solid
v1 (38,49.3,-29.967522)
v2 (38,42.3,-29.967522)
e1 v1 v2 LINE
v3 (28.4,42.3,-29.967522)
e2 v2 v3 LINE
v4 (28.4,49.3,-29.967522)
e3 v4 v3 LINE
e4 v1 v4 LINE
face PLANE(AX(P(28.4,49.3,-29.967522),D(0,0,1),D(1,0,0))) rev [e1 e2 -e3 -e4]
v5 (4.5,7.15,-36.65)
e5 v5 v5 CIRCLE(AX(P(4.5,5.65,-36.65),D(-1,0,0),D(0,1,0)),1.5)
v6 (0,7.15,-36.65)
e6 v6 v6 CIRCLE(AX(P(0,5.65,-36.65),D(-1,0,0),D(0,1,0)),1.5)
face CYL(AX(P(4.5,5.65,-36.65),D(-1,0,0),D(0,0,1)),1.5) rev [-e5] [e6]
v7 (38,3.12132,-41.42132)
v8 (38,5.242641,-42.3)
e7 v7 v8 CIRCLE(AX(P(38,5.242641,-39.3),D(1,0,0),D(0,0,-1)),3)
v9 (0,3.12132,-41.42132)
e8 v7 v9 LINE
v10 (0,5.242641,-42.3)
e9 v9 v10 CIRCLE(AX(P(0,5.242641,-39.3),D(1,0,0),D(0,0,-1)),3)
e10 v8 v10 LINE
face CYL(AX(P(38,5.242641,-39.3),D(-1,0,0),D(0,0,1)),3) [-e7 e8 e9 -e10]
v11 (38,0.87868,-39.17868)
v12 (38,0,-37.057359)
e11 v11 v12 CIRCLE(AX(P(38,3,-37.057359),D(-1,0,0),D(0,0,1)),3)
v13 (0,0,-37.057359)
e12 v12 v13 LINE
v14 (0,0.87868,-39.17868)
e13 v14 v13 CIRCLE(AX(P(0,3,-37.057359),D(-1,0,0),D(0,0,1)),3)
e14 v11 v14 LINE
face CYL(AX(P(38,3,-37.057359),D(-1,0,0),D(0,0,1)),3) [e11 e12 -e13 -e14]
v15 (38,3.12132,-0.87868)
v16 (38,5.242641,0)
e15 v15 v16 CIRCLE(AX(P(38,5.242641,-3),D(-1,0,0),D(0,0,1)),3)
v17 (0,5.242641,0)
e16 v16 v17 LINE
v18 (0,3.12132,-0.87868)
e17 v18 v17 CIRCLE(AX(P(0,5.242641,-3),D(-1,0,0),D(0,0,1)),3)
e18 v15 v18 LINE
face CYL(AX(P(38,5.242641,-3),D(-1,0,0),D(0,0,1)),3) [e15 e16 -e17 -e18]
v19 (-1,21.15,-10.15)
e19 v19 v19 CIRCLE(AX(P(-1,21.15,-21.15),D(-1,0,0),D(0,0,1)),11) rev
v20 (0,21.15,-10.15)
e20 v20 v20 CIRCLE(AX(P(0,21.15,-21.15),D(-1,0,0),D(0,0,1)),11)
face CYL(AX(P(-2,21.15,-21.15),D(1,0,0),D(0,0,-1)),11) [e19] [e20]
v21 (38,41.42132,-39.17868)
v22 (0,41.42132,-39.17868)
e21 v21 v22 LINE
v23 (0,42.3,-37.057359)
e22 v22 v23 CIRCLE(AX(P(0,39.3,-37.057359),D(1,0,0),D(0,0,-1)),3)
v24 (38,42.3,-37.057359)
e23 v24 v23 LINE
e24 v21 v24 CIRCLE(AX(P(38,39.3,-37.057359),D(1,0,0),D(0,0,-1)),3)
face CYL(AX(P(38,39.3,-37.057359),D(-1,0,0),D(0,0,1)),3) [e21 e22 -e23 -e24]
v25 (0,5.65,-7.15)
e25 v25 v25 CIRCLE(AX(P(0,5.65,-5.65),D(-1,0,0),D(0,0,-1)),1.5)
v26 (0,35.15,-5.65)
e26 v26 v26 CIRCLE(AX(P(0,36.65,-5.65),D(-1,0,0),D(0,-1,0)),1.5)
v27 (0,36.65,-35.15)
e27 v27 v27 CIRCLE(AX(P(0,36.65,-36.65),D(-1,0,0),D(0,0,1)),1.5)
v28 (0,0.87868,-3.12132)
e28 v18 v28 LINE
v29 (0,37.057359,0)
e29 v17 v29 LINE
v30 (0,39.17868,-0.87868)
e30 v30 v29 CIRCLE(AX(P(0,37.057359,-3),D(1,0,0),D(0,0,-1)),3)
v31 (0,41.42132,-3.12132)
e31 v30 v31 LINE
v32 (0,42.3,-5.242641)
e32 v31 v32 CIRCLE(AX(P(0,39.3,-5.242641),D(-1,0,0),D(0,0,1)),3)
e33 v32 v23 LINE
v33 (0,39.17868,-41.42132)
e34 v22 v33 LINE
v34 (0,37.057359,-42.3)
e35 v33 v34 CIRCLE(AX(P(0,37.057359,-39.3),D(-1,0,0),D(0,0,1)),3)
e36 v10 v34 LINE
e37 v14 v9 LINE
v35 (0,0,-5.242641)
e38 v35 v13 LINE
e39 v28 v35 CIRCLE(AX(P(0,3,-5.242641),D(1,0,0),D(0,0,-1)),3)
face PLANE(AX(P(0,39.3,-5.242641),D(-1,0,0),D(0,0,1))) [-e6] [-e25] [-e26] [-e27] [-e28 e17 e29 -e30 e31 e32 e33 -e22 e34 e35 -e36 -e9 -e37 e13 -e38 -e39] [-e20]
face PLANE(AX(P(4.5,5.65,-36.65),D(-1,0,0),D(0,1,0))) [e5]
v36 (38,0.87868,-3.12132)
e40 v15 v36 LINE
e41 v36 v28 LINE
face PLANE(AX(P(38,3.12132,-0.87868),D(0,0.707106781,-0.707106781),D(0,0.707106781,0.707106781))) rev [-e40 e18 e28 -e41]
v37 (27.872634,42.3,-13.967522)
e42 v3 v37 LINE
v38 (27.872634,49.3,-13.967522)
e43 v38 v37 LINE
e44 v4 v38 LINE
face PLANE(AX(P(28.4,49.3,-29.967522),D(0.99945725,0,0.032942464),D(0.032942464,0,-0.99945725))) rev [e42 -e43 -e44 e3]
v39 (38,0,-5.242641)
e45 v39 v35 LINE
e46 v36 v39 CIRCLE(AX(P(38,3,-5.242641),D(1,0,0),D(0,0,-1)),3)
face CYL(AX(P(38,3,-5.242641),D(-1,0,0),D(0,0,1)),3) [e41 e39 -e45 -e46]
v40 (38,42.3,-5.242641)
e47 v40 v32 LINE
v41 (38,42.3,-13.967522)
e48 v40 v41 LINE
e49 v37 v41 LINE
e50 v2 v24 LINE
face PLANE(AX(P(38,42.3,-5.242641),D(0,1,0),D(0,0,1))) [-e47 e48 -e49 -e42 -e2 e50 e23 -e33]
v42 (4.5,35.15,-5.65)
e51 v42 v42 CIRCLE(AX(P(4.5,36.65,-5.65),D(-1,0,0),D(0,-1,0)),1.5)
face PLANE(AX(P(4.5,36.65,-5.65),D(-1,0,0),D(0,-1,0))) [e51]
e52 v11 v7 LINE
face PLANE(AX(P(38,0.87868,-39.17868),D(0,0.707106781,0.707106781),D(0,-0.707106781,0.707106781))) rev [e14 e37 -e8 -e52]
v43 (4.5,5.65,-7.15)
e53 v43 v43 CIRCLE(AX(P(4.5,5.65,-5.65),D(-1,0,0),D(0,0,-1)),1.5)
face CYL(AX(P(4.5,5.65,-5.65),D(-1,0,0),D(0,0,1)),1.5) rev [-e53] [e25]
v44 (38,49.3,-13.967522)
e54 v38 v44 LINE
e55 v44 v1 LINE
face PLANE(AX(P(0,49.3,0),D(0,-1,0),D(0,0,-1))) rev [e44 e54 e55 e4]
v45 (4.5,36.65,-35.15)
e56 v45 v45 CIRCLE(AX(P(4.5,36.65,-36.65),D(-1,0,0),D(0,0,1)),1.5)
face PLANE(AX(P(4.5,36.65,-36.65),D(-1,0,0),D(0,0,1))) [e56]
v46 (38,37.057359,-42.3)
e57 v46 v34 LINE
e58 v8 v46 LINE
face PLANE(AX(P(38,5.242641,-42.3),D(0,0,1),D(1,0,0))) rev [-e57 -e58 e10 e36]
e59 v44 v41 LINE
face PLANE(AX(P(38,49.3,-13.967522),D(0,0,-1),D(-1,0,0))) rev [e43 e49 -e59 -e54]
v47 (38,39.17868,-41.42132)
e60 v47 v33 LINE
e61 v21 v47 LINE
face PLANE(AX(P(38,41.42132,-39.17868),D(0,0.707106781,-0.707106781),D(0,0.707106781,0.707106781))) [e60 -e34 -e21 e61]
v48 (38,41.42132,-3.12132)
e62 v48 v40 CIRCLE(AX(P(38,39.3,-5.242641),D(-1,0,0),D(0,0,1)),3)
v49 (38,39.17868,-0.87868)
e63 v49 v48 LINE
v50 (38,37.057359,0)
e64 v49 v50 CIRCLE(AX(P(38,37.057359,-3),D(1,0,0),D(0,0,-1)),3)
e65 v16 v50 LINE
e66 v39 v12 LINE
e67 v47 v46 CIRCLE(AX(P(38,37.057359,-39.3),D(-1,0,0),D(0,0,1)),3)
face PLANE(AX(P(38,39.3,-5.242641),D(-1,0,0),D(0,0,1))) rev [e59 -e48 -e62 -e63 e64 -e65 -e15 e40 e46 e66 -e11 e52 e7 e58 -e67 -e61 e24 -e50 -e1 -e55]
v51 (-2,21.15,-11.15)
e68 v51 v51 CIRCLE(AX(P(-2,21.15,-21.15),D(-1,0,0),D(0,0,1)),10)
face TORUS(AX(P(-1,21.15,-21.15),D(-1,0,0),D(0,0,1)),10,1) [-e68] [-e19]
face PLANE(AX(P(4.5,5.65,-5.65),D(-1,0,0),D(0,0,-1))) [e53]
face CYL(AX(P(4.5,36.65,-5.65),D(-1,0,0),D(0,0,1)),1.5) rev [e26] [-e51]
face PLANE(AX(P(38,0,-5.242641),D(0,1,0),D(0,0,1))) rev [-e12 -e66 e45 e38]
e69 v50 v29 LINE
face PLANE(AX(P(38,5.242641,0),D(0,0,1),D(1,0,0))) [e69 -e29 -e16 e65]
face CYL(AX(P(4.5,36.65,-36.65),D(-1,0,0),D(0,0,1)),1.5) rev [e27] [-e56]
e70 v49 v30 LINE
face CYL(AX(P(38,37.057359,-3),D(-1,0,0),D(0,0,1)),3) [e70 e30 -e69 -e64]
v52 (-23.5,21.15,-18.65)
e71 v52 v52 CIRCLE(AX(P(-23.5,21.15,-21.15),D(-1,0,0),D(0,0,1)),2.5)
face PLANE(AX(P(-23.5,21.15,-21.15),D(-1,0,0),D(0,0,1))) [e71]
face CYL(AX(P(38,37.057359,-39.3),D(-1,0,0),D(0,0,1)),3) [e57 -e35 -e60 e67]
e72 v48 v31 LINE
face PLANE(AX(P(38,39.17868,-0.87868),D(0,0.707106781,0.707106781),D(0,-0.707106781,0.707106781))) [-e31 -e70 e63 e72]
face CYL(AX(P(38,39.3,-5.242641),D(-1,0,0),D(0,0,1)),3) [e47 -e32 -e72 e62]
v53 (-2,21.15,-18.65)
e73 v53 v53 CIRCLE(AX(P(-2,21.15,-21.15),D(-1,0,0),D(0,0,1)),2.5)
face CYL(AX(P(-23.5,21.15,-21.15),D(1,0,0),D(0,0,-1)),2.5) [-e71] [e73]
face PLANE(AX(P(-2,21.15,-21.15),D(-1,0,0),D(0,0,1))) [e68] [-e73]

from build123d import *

# Parameters (mm, degrees)
EXTRUDE_2_DEPTH          = 38
SKETCH_2_R               = 11
EXTRUDE_3_DEPTH          = 2
FILLET_1_R               = 1
SKETCH_3_R               = 2.5
EXTRUDE_4_DEPTH          = 21.5
SKETCH_4_R               = 1.5
CUT_EXTRUDE_1_DEPTH      = 4.5
PATTERN_CIRCULAR_1_COUNT = 4
EXTRUDE_5_DEPTH          = 7


with BuildPart() as part:
    # 草图1 → 凸台-拉伸2 (new body)
    with BuildSketch(Plane(origin=(0, 0, 0), x_dir=(0, 0, -1), z_dir=(1, 0, 0))):
        with BuildLine():
            Line((0.878679656, 39.178679656), (3.121320344, 41.421320344))
            ThreePointArc((3.121320344, 41.421320344), (4.09459039, 42.071638598), (5.242640687, 42.3))
            Line((5.242640687, 42.3), (37.057359313, 42.3))
            ThreePointArc((37.057359313, 42.3), (38.20540961, 42.071638598), (39.178679656, 41.421320344))
            Line((39.178679656, 41.421320344), (41.421320344, 39.178679656))
            ThreePointArc((41.421320344, 39.178679656), (42.071638598, 38.20540961), (42.3, 37.057359313))
            Line((42.3, 37.057359313), (42.3, 5.242640687))
            ThreePointArc((42.3, 5.242640687), (42.071638598, 4.09459039), (41.421320344, 3.121320344))
            Line((41.421320344, 3.121320344), (39.178679656, 0.878679656))
            ThreePointArc((39.178679656, 0.878679656), (38.20540961, 0.228361402), (37.057359313, 0))
            Line((37.057359313, 0), (5.242640687, 0))
            ThreePointArc((5.242640687, 0), (4.09459039, 0.228361402), (3.121320344, 0.878679656))
            Line((3.121320344, 0.878679656), (0.878679656, 3.121320344))
            ThreePointArc((0.878679656, 3.121320344), (0.228361402, 4.09459039), (0, 5.242640687))
            Line((0, 5.242640687), (0, 37.057359313))
            ThreePointArc((0, 37.057359313), (0.228361402, 38.20540961), (0.878679656, 39.178679656))
        make_face()
    extrude(amount=EXTRUDE_2_DEPTH)

    # 草图2 → 凸台-拉伸3 (add)
    with BuildSketch(Plane.ZY):
        with Locations((-21.15, 21.15)):
            Circle(SKETCH_2_R)
    extrude(amount=EXTRUDE_3_DEPTH)

    # 圆角1
    fillet_1_edges = [part.edges().sort_by_distance(p)[0] for p in [
        (-2, 21.15, -32.15),
    ]]
    fillet(fillet_1_edges, radius=FILLET_1_R)

    # 草图3 → 凸台-拉伸4 (add)
    with BuildSketch(Plane.ZY.offset(2)):
        with Locations((-21.15, 21.15)):
            Circle(SKETCH_3_R)
    extrude(amount=EXTRUDE_4_DEPTH)

    # 草图4 → 切除-拉伸1 (cut)
    with BuildSketch(Plane.ZY):
        with Locations((-36.65, 36.65)):
            Circle(SKETCH_4_R)
    cut_extrude_1 = extrude(amount=-CUT_EXTRUDE_1_DEPTH, mode=Mode.SUBTRACT)

    # 阵列(圆周)1: 切除-拉伸1 ×4 about axis
    pattern_circular_1_axis = Axis((0, 21.15, -21.15), (1, 0, 0))
    for i in range(1, PATTERN_CIRCULAR_1_COUNT):
        add(cut_extrude_1.rotate(pattern_circular_1_axis, i * 360 / PATTERN_CIRCULAR_1_COUNT), mode=Mode.SUBTRACT)

    # 草图6 → 凸台-拉伸5 (add)
    with BuildSketch(Plane(origin=(0, 42.3, 0), x_dir=(1, 0, 0), z_dir=(0, 1, 0))):
        Polygon((28.4, 29.967521896), (38, 29.967521896), (38, 13.967521896), (27.87263434, 13.967521896), align=None)
    extrude(amount=EXTRUDE_5_DEPTH)


solid = part.part
